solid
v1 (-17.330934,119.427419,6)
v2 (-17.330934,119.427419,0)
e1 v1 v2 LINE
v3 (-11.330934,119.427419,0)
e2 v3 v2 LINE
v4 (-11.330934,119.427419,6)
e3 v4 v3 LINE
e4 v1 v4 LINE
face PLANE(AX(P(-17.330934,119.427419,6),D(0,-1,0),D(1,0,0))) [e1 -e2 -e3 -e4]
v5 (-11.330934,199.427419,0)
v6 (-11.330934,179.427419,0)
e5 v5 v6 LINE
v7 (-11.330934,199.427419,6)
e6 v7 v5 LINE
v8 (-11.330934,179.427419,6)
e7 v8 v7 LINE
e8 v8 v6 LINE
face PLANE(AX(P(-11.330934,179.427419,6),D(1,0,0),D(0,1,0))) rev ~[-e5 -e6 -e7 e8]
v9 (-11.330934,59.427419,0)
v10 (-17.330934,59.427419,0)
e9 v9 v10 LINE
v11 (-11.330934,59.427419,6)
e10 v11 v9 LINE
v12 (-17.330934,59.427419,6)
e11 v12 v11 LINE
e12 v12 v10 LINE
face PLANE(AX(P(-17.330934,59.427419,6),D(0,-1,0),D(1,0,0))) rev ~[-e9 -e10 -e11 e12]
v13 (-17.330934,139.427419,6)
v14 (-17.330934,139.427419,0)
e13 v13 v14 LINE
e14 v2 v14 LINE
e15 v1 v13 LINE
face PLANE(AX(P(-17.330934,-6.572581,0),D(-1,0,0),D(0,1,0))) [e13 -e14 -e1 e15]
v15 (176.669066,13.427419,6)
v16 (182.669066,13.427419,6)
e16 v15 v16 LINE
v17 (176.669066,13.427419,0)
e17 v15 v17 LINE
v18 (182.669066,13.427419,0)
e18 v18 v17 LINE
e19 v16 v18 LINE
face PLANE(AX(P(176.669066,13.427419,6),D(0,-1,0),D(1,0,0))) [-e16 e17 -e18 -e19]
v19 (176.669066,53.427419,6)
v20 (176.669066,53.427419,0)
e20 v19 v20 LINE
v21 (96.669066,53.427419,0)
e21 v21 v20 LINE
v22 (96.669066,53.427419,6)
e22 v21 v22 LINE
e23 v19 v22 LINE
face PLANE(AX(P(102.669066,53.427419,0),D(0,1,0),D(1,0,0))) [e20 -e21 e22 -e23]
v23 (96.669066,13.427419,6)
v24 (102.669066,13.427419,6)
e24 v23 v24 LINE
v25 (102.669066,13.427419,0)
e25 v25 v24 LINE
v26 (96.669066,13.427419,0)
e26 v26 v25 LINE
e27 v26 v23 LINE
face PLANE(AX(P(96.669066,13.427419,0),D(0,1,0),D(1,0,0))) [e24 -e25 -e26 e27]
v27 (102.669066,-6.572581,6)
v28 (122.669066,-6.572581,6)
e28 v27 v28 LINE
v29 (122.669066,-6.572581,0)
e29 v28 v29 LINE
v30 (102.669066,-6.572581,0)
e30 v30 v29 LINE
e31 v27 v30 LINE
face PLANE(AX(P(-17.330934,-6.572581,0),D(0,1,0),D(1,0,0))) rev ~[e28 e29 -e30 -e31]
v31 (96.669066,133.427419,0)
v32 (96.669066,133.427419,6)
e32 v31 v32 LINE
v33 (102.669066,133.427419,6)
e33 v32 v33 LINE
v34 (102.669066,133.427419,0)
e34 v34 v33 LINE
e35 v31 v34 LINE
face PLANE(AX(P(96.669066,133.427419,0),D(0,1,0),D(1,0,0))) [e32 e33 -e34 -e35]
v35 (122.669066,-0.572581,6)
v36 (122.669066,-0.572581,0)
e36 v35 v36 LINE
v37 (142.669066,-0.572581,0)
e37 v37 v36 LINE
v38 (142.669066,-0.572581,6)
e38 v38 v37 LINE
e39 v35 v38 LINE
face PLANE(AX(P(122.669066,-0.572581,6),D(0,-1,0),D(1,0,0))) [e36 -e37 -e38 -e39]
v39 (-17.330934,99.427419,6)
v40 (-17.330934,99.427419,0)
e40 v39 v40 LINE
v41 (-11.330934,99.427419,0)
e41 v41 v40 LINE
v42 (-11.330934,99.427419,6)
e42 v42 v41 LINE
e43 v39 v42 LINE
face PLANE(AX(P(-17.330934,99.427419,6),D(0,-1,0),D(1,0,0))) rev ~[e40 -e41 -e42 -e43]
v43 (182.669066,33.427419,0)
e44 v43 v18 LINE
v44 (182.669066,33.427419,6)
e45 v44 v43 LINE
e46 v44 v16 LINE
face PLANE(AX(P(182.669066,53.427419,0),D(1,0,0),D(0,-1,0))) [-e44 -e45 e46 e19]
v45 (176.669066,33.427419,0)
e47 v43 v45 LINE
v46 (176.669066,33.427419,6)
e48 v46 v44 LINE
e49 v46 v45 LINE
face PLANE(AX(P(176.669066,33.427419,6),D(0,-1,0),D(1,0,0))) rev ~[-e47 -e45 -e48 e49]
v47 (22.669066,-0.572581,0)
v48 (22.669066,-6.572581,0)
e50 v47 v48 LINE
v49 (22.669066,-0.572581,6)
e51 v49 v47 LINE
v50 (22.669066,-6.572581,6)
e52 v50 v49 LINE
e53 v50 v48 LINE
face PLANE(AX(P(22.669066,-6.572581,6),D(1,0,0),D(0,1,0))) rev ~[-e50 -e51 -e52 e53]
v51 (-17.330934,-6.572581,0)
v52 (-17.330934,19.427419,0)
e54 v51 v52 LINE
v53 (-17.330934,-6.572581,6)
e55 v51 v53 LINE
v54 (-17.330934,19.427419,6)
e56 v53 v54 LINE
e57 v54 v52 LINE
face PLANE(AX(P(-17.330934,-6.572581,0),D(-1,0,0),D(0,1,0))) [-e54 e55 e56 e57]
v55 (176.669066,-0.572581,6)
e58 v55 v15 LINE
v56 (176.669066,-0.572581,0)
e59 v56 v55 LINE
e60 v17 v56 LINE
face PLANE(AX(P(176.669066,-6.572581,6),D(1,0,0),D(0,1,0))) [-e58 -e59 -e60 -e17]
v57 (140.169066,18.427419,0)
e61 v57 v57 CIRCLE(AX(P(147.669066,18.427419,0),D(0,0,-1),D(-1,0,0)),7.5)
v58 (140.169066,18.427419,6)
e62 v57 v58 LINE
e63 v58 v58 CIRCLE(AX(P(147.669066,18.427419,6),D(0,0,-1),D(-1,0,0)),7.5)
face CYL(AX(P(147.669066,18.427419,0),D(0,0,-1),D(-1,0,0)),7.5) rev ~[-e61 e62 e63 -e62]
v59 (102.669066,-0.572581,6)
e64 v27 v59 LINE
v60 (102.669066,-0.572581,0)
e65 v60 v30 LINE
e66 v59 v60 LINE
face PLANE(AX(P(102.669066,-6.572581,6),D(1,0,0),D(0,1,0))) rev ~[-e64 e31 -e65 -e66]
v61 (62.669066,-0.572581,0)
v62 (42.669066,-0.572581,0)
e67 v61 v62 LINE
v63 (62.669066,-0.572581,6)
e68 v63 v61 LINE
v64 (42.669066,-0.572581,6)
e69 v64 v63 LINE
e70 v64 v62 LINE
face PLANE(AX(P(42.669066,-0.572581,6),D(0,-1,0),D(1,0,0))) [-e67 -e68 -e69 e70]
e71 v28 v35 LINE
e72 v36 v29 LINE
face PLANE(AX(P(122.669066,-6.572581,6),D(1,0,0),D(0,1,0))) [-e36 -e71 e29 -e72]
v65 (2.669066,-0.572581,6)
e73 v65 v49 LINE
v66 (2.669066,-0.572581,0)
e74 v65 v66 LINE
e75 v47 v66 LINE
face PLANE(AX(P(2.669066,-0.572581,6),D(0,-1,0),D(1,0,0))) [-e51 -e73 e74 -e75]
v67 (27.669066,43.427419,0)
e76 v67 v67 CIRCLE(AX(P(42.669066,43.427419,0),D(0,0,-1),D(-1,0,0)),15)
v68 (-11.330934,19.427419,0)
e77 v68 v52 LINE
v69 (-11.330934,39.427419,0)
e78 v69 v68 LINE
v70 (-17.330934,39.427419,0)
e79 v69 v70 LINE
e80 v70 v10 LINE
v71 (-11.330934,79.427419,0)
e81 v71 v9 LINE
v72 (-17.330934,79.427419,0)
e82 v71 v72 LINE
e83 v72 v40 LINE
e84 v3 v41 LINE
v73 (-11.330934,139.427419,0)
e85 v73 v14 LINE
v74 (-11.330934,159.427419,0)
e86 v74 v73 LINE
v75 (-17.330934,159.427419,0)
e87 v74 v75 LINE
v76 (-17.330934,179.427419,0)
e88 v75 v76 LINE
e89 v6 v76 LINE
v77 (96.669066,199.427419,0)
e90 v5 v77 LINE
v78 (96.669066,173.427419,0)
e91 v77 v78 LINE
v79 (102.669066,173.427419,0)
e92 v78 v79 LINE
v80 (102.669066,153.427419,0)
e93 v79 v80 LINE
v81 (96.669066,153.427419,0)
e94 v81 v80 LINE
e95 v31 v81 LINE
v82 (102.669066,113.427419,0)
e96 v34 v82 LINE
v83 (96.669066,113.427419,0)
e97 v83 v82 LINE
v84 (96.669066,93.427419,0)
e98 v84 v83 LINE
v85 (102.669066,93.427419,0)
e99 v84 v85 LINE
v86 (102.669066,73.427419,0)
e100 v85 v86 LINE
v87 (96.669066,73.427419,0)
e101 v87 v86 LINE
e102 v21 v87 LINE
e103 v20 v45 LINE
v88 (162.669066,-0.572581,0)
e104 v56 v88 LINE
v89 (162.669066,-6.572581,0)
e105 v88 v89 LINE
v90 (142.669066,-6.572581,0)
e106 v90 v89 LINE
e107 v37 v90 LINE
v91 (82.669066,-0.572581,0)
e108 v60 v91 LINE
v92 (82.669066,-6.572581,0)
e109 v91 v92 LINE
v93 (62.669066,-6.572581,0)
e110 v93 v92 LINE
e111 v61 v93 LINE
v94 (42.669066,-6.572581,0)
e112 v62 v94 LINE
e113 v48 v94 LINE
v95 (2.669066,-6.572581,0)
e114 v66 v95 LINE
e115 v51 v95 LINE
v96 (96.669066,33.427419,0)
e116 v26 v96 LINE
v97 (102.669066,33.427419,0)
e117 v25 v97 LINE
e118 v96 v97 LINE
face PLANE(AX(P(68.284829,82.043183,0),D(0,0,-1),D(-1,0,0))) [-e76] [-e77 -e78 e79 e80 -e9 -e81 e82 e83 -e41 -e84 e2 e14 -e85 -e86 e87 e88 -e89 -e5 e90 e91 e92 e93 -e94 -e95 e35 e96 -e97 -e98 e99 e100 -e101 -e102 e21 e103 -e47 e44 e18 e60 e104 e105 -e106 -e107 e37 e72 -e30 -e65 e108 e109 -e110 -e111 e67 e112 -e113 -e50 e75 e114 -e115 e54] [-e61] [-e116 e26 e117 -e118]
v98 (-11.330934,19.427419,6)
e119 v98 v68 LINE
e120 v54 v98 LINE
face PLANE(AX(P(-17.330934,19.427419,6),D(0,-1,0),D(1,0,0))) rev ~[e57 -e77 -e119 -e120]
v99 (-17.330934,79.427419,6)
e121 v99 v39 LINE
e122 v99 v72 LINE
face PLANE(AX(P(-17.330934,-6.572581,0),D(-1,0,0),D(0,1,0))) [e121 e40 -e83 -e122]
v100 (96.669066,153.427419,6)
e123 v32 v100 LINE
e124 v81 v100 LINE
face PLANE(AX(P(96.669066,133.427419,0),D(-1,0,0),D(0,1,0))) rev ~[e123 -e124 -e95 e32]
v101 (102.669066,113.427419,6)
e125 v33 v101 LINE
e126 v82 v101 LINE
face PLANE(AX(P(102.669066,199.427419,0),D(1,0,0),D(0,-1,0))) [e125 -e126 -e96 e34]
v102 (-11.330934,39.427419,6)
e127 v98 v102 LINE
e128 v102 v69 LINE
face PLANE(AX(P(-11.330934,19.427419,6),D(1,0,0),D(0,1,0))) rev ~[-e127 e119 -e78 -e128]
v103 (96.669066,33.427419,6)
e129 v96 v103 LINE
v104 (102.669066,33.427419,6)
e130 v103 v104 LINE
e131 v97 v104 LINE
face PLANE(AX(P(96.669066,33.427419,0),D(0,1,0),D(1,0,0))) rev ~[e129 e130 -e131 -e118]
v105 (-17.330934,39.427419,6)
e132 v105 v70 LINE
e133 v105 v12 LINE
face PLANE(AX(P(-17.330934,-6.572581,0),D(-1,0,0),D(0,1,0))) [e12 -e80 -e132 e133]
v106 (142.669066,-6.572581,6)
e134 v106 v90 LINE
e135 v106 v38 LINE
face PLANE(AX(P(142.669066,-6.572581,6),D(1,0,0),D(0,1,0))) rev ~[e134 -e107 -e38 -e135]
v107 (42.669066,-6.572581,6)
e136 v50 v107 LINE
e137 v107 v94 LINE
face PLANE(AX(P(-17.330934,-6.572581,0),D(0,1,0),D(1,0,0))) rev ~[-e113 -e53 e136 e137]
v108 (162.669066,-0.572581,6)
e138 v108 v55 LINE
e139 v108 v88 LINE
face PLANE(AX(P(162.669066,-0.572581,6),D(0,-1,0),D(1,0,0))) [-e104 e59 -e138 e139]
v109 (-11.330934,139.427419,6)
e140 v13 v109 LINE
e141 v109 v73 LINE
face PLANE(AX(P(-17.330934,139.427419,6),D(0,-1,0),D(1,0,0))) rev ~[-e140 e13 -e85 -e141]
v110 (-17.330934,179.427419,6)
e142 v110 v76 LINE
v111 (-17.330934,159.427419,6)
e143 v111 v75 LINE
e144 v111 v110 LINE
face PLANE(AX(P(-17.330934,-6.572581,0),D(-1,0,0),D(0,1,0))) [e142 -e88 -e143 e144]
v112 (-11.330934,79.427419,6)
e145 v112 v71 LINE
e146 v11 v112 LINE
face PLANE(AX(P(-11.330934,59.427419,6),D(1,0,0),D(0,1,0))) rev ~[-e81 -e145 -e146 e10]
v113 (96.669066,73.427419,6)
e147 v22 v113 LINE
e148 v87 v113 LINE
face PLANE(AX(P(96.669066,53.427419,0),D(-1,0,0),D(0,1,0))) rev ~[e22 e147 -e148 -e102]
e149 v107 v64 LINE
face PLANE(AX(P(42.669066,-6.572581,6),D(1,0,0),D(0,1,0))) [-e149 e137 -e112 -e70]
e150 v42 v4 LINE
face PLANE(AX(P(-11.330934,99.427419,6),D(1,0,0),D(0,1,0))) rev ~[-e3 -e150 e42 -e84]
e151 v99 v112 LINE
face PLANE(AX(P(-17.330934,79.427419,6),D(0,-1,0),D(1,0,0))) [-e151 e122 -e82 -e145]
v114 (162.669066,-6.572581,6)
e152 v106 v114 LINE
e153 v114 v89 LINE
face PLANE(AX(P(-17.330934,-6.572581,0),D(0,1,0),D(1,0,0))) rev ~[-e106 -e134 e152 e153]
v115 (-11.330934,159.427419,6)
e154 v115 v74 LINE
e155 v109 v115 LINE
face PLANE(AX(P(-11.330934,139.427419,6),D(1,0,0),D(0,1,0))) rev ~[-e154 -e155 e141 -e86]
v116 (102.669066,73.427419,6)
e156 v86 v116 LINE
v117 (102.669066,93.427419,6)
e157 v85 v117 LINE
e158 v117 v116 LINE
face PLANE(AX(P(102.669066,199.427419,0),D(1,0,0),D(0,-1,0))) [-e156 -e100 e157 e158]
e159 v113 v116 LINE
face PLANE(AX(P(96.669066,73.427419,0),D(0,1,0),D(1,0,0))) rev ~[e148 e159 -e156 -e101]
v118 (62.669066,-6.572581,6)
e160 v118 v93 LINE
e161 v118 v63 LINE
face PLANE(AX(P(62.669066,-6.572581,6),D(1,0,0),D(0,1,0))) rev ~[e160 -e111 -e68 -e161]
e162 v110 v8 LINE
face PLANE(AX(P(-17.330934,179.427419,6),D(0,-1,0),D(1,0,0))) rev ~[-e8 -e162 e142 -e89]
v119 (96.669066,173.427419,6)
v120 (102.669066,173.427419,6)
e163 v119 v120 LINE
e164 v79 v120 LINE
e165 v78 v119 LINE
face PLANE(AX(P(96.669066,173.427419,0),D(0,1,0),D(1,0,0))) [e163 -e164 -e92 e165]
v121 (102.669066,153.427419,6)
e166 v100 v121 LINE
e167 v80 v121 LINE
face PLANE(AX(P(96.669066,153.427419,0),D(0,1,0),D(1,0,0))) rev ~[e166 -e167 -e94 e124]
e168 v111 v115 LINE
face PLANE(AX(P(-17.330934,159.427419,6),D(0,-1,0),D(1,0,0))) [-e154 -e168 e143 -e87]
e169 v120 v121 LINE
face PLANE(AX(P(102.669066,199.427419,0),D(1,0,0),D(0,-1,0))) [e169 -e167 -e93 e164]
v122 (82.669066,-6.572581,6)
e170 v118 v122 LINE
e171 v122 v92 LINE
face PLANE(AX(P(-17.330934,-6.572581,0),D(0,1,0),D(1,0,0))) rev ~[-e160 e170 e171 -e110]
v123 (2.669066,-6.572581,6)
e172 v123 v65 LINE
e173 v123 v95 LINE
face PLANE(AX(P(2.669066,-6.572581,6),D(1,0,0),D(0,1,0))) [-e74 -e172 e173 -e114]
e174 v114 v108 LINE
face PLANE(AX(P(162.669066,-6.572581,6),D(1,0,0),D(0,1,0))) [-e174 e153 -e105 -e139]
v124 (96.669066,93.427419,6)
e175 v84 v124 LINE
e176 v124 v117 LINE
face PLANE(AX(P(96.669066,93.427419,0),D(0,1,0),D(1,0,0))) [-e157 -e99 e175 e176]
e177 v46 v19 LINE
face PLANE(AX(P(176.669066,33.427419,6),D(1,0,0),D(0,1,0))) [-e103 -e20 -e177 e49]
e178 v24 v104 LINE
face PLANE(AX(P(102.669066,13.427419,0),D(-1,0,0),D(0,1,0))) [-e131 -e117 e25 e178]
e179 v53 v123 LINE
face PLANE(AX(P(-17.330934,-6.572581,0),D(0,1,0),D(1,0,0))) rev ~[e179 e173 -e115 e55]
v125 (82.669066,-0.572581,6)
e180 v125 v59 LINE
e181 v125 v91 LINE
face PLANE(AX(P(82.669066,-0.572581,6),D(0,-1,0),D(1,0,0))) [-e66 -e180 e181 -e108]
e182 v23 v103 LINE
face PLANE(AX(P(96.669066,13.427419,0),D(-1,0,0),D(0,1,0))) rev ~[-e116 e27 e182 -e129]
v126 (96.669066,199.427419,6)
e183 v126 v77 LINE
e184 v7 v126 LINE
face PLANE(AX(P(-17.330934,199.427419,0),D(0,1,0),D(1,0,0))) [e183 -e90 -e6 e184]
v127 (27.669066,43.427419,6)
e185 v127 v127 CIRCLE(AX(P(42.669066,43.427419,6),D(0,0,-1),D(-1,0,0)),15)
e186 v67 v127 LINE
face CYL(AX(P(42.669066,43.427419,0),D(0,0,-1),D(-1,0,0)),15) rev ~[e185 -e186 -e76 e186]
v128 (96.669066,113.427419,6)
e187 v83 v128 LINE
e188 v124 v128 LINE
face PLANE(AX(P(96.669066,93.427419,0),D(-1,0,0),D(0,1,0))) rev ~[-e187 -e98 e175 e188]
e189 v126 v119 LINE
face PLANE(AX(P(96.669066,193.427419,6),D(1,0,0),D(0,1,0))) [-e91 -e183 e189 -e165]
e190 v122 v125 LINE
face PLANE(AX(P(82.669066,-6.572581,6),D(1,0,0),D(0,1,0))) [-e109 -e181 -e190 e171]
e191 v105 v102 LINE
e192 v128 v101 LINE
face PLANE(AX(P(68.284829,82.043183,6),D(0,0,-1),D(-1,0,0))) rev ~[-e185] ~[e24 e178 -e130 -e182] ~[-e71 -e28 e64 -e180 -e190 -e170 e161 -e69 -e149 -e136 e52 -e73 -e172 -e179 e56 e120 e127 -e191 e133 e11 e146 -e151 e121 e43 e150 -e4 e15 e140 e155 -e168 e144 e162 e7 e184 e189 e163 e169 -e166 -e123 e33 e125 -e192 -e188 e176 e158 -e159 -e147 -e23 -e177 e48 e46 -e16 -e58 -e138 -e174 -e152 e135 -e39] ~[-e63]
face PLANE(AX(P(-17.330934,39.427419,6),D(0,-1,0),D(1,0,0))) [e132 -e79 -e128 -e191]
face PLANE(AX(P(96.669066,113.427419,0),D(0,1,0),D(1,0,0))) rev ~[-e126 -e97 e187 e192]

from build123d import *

# Parameters (mm, degrees)
BOSS_EXTRUDE1_DEPTH = 6
SKETCH2_W           = 20
SKETCH2_H           = 6
CUT_EXTRUDE1_DEPTH  = 7
LPATTERN1_COUNT     = 5
LPATTERN1_PITCH     = 40
SKETCH3_W           = 6
SKETCH3_H           = 20
CUT_EXTRUDE2_DEPTH  = 7
LPATTERN2_COUNT     = 5
LPATTERN2_PITCH     = 40
SKETCH4_W           = 6
SKETCH4_H           = 6
CUT_EXTRUDE3_DEPTH  = 10
SKETCH5_W           = 6
SKETCH5_H           = 20
CUT_EXTRUDE4_DEPTH  = 10
LPATTERN3_COUNT     = 2
LPATTERN3_PITCH     = 40
SKETCH7_W           = 6
SKETCH7_H           = 20
CUT_EXTRUDE5_DEPTH  = 10
LPATTERN4_COUNT     = 5
LPATTERN4_PITCH     = 40
SKETCH8_R           = 15
CUT_EXTRUDE6_DEPTH  = 10
SKETCH9_R           = 7.5
CUT_EXTRUDE7_DEPTH  = 7


with BuildPart() as part:
    # Sketch1 → Boss-Extrude1 (new body)
    with BuildSketch(Plane.XY):
        Polygon((-17.330934256, 199.427419355), (102.669065744, 199.427419355), (102.669065744, 53.427419355), (182.669065744, 53.427419355), (182.669065744, -6.572580645), (102.669065744, -6.572580645), (-17.330934256, -6.572580645), align=None)
    extrude(amount=BOSS_EXTRUDE1_DEPTH)

    # Sketch2 → Cut-Extrude1 (cut, through all)
    with BuildSketch(Plane.XY.offset(6)):
        with Locations((12.669065744, -3.572580645)):
            Rectangle(SKETCH2_W, SKETCH2_H)
    cut_extrude1 = extrude(amount=-CUT_EXTRUDE1_DEPTH, mode=Mode.SUBTRACT)

    # LPattern1: Cut-Extrude1 ×5
    with Locations(*[(i * LPATTERN1_PITCH, 0, 0) for i in range(1, LPATTERN1_COUNT)]):
        add(cut_extrude1, mode=Mode.SUBTRACT)

    # Sketch3 → Cut-Extrude2 (cut, through all)
    with BuildSketch(Plane.XY):
        with Locations((99.669065744, 23.427419355)):
            Rectangle(SKETCH3_W, SKETCH3_H)
    cut_extrude2 = extrude(amount=CUT_EXTRUDE2_DEPTH, mode=Mode.SUBTRACT)

    # LPattern2: Cut-Extrude2 ×5
    with Locations(*[(0, i * LPATTERN2_PITCH, 0) for i in range(1, LPATTERN2_COUNT)]):
        add(cut_extrude2, mode=Mode.SUBTRACT)

    # Sketch4 → Cut-Extrude3 (cut)
    with BuildSketch(Plane.XY.offset(6)):
        with Locations((99.669065744, 196.427419355)):
            Rectangle(SKETCH4_W, SKETCH4_H)
    extrude(amount=-CUT_EXTRUDE3_DEPTH, mode=Mode.SUBTRACT)

    # Sketch5 → Cut-Extrude4 (cut)
    with BuildSketch(Plane.XY.offset(6)):
        with Locations((179.669065744, 43.427419355)):
            Rectangle(SKETCH5_W, SKETCH5_H)
    cut_extrude4 = extrude(amount=-CUT_EXTRUDE4_DEPTH, mode=Mode.SUBTRACT)

    # LPattern3: Cut-Extrude4 ×2
    with Locations(*[(0, -i * LPATTERN3_PITCH, 0) for i in range(1, LPATTERN3_COUNT)]):
        add(cut_extrude4, mode=Mode.SUBTRACT)

    # Sketch7 → Cut-Extrude5 (cut)
    with BuildSketch(Plane.XY.offset(6)):
        with Locations((-14.330934256, 189.427419355)):
            Rectangle(SKETCH7_W, SKETCH7_H)
    cut_extrude5 = extrude(amount=-CUT_EXTRUDE5_DEPTH, mode=Mode.SUBTRACT)

    # LPattern4: Cut-Extrude5 ×5
    with Locations(*[(0, -i * LPATTERN4_PITCH, 0) for i in range(1, LPATTERN4_COUNT)]):
        add(cut_extrude5, mode=Mode.SUBTRACT)

    # Sketch8 → Cut-Extrude6 (cut)
    with BuildSketch(Plane(origin=(0, 0, 0), x_dir=(-1, 0, 0), z_dir=(0, 0, -1))):
        with Locations((-42.669065744, 43.427419355)):
            Circle(SKETCH8_R)
    extrude(amount=-CUT_EXTRUDE6_DEPTH, mode=Mode.SUBTRACT)

    # Sketch9 → Cut-Extrude7 (cut, through all)
    with BuildSketch(Plane(origin=(0, 0, 0), x_dir=(-1, 0, 0), z_dir=(0, 0, -1))):
        with Locations((-147.669065744, 18.427419355)):
            Circle(SKETCH9_R)
    extrude(amount=-CUT_EXTRUDE7_DEPTH, mode=Mode.SUBTRACT)


solid = part.part
